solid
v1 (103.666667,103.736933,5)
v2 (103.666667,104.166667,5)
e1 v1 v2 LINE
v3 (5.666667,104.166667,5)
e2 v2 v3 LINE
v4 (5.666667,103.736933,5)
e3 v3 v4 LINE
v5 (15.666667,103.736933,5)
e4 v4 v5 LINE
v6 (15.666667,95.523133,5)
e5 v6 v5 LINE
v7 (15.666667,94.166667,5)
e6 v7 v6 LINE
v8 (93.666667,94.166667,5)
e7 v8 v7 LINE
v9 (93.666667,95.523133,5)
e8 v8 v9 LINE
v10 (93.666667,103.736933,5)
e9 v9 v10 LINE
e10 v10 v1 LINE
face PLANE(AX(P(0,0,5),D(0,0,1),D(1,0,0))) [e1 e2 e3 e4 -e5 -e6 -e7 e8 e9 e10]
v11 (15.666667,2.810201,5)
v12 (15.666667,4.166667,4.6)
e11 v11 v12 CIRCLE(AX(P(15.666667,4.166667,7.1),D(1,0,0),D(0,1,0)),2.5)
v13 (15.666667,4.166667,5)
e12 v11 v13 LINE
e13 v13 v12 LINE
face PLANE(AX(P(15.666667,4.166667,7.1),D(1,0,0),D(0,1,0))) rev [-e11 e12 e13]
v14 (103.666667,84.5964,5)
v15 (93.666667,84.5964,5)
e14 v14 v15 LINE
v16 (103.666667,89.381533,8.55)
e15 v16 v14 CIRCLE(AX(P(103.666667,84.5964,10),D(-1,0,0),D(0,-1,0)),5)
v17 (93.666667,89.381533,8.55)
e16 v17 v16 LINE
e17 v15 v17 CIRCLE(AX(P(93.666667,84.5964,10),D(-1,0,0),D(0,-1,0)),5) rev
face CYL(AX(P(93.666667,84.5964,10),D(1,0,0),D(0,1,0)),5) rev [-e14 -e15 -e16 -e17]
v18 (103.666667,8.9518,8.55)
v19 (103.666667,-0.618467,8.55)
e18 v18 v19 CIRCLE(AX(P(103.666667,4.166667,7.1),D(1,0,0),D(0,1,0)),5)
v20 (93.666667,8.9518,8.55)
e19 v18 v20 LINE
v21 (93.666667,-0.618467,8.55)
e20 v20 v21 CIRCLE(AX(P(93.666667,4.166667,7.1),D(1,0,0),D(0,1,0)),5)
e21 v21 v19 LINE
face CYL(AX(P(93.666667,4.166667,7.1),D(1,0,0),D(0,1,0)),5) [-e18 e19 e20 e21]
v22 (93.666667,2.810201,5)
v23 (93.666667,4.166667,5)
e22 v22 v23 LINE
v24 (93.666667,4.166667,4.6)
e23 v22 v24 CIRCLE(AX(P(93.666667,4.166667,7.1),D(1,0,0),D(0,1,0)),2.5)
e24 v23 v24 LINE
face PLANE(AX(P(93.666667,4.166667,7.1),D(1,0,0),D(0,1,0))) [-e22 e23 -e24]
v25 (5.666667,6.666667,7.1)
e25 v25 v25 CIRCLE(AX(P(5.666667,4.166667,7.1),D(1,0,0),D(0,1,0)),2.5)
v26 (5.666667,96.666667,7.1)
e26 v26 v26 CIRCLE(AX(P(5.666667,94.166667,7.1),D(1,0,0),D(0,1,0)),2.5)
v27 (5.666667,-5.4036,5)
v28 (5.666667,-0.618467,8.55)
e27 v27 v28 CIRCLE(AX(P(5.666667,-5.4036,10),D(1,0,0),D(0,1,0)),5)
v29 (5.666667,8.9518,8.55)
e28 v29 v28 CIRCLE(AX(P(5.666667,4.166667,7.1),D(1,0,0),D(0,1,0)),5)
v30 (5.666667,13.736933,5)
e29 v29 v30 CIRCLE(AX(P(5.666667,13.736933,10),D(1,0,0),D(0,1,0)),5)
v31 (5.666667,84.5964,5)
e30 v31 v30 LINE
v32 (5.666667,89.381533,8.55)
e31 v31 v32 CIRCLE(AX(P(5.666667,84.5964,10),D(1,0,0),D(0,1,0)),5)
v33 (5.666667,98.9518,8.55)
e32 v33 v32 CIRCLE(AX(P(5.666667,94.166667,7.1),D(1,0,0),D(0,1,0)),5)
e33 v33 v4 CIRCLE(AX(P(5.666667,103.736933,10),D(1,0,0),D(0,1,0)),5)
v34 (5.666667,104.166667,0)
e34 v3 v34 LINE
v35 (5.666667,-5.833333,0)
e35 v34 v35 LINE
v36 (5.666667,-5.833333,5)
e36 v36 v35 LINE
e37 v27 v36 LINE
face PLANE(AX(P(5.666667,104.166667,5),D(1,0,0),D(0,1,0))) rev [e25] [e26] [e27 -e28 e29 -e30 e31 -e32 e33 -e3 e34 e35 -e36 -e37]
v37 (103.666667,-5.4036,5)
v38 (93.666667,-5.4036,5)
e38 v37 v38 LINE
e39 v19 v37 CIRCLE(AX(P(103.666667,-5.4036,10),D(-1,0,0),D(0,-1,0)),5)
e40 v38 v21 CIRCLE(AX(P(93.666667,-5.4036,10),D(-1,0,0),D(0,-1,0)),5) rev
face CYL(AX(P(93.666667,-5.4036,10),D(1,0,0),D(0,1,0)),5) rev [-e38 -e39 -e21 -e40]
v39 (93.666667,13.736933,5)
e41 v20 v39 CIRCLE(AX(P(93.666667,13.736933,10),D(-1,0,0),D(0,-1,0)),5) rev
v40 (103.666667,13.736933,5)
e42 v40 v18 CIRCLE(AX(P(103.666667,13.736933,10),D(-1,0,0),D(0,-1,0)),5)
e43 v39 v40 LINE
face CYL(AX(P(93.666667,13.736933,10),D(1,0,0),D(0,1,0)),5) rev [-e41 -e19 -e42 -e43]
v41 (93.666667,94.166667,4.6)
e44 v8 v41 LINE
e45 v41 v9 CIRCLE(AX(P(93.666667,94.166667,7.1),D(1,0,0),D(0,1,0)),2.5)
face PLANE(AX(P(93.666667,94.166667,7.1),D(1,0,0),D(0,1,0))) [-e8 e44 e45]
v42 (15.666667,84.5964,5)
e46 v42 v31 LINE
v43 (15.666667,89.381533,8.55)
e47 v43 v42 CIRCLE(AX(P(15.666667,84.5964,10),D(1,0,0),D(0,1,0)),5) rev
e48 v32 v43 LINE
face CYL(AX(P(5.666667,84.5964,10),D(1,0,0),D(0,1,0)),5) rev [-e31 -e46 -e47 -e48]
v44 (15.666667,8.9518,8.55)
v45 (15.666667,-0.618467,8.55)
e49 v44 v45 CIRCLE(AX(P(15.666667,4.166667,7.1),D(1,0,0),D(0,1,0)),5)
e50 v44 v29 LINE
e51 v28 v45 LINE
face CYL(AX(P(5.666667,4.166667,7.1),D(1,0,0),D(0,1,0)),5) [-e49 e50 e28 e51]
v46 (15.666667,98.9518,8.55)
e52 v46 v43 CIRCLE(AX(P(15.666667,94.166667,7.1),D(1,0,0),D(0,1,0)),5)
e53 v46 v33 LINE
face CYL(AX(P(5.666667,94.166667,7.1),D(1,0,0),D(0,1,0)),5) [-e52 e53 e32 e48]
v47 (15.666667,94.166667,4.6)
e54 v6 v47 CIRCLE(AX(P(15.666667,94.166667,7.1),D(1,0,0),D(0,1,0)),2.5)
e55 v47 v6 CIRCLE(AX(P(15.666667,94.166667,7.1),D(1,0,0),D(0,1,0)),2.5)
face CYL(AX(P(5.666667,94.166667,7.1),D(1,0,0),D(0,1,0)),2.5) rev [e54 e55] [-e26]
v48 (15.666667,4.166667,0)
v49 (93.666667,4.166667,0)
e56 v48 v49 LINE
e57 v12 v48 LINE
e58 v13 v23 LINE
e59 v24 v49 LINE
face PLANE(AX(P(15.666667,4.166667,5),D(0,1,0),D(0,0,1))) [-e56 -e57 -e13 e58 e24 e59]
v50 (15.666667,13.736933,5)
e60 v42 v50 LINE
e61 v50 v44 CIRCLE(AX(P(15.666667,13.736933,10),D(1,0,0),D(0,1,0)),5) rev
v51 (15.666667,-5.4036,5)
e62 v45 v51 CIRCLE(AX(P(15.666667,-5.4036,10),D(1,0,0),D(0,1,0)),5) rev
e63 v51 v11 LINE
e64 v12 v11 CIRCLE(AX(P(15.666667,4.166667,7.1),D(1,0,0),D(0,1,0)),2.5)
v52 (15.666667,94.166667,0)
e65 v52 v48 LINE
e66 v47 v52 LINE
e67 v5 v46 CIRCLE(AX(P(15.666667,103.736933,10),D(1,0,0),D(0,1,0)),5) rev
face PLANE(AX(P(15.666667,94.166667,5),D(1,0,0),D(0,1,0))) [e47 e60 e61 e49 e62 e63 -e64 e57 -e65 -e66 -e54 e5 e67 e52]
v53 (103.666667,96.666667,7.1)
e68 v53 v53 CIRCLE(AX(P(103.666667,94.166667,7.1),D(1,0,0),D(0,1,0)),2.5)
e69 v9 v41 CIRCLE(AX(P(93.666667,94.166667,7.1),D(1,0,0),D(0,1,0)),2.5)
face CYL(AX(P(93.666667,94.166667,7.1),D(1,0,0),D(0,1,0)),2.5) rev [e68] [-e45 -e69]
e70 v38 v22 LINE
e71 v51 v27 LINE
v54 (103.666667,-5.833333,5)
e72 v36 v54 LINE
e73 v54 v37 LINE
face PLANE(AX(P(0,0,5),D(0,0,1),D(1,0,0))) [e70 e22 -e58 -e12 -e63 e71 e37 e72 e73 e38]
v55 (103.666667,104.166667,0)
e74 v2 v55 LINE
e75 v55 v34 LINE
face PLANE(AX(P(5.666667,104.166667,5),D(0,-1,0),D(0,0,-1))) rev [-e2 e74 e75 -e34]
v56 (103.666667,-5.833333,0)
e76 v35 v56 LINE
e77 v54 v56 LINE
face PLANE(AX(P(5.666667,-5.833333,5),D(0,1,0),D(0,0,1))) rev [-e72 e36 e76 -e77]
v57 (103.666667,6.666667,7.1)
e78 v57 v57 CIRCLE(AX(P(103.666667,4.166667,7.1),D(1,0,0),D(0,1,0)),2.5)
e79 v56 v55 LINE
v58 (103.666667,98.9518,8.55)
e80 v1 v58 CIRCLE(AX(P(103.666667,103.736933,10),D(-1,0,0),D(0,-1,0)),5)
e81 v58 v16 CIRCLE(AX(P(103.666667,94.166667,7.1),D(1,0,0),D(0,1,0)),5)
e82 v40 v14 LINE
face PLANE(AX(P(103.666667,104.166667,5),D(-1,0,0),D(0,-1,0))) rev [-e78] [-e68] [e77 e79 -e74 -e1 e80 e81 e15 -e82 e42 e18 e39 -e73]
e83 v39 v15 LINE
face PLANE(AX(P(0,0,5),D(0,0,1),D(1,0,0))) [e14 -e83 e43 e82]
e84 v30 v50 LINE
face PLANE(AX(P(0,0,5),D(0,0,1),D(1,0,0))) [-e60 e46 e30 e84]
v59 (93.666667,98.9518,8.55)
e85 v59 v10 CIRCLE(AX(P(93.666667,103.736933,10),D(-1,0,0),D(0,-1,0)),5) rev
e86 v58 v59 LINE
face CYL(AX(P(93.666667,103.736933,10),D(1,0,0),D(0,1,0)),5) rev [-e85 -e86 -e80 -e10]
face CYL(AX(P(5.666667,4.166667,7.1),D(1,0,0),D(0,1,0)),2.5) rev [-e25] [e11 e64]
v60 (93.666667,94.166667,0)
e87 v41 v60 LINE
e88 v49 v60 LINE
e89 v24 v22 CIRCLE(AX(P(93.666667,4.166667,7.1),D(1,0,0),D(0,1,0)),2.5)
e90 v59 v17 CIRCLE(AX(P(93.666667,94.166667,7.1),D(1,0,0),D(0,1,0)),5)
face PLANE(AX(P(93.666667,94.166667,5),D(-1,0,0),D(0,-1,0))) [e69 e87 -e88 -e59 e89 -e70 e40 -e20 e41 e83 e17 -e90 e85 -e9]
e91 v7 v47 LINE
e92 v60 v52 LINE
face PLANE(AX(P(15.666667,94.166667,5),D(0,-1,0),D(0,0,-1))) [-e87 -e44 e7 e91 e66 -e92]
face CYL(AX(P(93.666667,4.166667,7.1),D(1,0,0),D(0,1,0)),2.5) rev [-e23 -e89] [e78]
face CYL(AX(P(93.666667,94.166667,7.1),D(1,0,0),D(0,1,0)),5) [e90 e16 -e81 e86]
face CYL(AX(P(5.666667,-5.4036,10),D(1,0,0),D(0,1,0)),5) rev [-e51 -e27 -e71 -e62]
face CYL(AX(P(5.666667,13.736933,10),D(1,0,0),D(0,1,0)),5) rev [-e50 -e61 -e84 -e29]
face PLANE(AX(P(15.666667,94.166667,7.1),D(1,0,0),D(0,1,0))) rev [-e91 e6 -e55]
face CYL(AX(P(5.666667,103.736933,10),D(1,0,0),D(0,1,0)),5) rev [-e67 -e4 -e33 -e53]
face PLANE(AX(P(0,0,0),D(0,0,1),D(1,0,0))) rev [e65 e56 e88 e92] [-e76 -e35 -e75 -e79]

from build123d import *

# Parameters (mm, degrees)
ESQUISSE1_W                     = 98
ESQUISSE1_H                     = 110
ESQUISSE1_W_2                   = 78
ESQUISSE1_H_2                   = 90
BOSS_EXTRU_1_DEPTH              = 5
ESQUISSE2_R                     = 5
ESQUISSE2_R_2                   = 2.5
BOSS_EXTRU_2_DEPTH              = 10
ESQUISSE3_R                     = 2.5
ENL_V_MAT_EXTRU_1_DEPTH         = 10
R_P_TITION_LIN_AIRE3_COUNT      = 2
R_P_TITION_LIN_AIRE3_PITCH      = 88
R_P_TITION_LIN_AIRE3_COUNT_DIR2 = 2
R_P_TITION_LIN_AIRE3_PITCH_DIR2 = 90
CONG_1_R                        = 5


with BuildPart() as part:
    # Esquisse1 → Boss.-Extru.1 (new body)
    with BuildSketch(Plane.XY):
        with Locations((54.666666667, 49.166666667)):
            Rectangle(ESQUISSE1_W, ESQUISSE1_H)
        with Locations((54.666666667, 49.166666667)):
            Rectangle(ESQUISSE1_W_2, ESQUISSE1_H_2, mode=Mode.SUBTRACT)
    extrude(amount=BOSS_EXTRU_1_DEPTH)

    # Esquisse2 → Boss.-Extru.2 (add)
    with BuildSketch(Plane(origin=(103.666666667, 0, 0), x_dir=(0, 0, -1), z_dir=(1, 0, 0))):
        with Locations((-7.1, 94.166666667)):
            Circle(ESQUISSE2_R)
        with Locations((-7.1, 94.166666667)):
            Circle(ESQUISSE2_R_2, mode=Mode.SUBTRACT)
    boss_extru_2 = extrude(amount=-BOSS_EXTRU_2_DEPTH)

    # Esquisse3 → Enlèv. mat.-Extru.1 (cut)
    with BuildSketch(Plane(origin=(103.666666667, 0, 0), x_dir=(0, 0, -1), z_dir=(1, 0, 0))):
        with Locations((-7.1, 94.166666667)):
            Circle(ESQUISSE3_R)
    enl_v_mat_extru_1 = extrude(amount=-ENL_V_MAT_EXTRU_1_DEPTH, mode=Mode.SUBTRACT)

    # Répétition linéaire3: Boss.-Extru.2, Enl_v. mat.-Extru.1 2 × 2
    with Locations(*[(-i * R_P_TITION_LIN_AIRE3_PITCH, -j * R_P_TITION_LIN_AIRE3_PITCH_DIR2, 0) for i in range(R_P_TITION_LIN_AIRE3_COUNT) for j in range(R_P_TITION_LIN_AIRE3_COUNT_DIR2) if (i, j) != (0, 0)]):
        add(boss_extru_2)
        add(enl_v_mat_extru_1, mode=Mode.SUBTRACT)

    # Congé1
    cong_1_edges = [part.edges().sort_by_distance(p)[0] for p in [
        (10.666666667, -0.370953855, 5),
        (10.666666667, 8.704287188, 5),
        (98.666666667, 89.629046145, 5),
        (98.666666667, 98.704287188, 5),
        (98.666666667, -0.370953855, 5),
        (98.666666667, 8.704287188, 5),
        (10.666666667, 89.629046145, 5),
        (10.666666667, 98.704287188, 5),
    ]]
    fillet(cong_1_edges, radius=CONG_1_R)


solid = part.part
